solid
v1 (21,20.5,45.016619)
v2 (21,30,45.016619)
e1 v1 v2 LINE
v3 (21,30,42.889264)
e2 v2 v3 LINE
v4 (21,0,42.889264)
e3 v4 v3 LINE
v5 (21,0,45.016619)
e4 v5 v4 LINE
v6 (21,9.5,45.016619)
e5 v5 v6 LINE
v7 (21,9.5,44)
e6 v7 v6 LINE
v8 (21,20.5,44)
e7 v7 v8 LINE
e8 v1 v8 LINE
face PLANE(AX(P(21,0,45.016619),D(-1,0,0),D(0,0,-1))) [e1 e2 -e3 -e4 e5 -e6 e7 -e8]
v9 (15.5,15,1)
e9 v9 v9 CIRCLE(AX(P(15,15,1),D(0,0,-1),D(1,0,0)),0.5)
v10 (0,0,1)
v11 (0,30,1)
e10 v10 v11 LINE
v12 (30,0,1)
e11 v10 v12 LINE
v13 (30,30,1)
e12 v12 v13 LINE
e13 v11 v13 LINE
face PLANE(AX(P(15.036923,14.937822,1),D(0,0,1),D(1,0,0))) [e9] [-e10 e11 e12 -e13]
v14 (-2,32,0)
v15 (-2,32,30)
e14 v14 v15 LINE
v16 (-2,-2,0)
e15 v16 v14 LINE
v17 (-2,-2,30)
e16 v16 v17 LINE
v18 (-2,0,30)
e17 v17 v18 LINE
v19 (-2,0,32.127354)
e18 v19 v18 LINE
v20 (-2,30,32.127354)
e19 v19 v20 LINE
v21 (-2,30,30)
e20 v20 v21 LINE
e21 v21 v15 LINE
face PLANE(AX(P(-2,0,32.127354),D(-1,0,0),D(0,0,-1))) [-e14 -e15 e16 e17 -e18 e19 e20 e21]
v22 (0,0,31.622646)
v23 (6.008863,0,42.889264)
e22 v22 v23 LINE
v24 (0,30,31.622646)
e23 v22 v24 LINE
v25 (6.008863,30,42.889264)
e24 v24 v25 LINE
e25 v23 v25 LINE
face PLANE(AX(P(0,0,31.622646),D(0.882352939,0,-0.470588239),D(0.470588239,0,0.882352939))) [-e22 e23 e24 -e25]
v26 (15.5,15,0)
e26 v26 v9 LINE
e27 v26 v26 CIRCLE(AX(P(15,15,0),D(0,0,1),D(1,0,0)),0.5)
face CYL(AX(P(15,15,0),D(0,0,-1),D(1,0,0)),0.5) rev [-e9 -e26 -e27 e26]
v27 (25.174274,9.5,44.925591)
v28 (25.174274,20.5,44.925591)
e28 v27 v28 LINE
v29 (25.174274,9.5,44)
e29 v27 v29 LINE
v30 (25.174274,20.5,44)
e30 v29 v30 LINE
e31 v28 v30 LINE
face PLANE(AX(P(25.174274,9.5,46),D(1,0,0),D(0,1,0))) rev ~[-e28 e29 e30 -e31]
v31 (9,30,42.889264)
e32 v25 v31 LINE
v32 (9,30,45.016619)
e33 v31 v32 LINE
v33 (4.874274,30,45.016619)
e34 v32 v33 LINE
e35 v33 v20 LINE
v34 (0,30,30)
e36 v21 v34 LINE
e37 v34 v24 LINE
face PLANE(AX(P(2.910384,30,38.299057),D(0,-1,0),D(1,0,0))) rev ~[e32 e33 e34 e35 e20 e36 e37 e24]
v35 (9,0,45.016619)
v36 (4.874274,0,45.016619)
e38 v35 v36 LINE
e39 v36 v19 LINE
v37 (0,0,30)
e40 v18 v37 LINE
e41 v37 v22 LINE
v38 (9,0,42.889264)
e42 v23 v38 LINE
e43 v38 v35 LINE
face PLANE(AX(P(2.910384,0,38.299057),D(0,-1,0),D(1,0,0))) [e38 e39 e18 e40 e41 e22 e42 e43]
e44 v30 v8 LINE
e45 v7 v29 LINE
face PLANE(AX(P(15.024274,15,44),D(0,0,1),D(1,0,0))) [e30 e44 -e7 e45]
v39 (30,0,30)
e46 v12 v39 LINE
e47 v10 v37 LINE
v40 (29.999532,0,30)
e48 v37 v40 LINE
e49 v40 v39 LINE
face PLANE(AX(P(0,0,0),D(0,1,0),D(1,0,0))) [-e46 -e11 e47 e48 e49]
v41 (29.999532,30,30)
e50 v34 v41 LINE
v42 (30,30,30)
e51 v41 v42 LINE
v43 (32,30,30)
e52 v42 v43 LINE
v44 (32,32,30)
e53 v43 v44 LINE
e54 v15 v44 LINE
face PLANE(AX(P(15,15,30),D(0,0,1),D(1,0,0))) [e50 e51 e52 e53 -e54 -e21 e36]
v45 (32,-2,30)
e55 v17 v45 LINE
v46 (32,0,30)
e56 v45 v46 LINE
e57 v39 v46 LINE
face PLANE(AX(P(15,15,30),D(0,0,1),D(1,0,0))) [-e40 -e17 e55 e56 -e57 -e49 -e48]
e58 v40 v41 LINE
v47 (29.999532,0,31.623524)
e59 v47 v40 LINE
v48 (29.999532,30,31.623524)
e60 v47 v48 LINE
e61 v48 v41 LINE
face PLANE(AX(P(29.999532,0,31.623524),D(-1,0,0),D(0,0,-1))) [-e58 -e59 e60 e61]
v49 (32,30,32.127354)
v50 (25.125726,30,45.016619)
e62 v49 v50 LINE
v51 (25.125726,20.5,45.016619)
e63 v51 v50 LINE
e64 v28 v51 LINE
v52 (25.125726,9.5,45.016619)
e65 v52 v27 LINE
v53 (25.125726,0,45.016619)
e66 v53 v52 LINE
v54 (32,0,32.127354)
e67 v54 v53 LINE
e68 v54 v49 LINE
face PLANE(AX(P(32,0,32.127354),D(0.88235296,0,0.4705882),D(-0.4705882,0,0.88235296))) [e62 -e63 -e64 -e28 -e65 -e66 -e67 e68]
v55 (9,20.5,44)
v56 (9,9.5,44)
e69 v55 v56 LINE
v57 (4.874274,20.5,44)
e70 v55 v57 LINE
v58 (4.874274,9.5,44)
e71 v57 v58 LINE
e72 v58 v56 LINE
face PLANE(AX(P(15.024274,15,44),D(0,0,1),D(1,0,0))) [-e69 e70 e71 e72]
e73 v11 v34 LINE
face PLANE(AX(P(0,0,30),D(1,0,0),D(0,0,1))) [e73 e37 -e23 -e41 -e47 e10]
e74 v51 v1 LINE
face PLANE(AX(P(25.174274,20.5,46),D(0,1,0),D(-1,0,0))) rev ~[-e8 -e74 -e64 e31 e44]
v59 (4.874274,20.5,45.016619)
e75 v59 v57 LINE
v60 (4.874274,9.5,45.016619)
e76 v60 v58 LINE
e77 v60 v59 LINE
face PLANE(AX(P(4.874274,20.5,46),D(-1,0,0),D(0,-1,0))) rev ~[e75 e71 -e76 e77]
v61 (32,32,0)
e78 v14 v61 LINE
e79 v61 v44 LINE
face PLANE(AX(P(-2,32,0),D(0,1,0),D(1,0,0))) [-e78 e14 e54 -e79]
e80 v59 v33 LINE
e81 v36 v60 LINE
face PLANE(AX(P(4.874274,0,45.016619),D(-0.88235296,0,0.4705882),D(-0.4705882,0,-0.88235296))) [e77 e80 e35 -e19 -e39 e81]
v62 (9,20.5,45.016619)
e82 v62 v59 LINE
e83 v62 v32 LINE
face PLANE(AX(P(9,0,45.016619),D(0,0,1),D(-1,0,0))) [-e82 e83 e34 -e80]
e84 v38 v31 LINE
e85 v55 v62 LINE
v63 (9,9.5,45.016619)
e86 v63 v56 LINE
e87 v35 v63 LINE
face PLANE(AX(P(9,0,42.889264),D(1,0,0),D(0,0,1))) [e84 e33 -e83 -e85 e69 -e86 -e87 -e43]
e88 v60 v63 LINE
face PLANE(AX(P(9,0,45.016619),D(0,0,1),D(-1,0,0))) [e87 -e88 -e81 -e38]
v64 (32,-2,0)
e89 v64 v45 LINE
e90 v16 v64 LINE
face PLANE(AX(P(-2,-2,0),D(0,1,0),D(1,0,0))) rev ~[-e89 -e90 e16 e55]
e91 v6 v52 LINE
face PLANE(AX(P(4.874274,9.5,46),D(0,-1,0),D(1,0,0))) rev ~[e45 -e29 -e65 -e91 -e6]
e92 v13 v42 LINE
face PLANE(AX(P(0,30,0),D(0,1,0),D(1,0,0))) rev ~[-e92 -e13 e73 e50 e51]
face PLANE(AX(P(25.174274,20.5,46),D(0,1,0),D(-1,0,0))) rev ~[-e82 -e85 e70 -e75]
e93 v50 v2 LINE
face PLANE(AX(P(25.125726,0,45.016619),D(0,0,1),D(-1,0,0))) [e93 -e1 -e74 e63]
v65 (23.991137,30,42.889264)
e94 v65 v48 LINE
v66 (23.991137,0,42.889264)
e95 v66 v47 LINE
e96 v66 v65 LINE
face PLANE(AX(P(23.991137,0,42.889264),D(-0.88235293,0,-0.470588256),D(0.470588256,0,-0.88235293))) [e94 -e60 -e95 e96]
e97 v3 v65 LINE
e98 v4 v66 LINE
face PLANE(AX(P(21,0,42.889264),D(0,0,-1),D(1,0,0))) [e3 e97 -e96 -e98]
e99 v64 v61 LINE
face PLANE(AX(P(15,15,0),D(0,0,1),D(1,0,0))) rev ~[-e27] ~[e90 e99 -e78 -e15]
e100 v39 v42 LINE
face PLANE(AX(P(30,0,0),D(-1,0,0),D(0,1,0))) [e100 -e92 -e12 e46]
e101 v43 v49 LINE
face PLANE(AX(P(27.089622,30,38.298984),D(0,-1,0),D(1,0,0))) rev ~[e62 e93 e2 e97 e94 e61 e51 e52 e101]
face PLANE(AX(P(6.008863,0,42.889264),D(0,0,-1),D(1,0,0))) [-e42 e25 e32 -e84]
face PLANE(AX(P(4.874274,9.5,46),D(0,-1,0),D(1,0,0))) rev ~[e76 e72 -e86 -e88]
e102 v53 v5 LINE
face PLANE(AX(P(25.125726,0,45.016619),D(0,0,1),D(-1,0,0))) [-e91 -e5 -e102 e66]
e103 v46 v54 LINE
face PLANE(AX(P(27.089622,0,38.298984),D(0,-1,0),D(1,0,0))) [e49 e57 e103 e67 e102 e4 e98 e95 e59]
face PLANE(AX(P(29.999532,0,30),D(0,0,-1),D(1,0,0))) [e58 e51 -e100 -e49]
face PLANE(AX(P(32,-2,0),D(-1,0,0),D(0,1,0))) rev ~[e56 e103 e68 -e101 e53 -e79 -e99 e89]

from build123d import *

# Parameters (mm, degrees)
F0_W      = 34
F0_H      = 34
F0_W_2    = 30
F0_H_2    = 30
F1_DEPTH  = 30
F2_W      = 32.414368
F2_H      = 32.092232
F3_DEPTH  = 1
F4_R      = 0.5
F5_DEPTH  = 2
F7_DEPTH  = 30
F10_DEPTH = 2


with BuildPart() as f1:
    # F0 (on Top) → F1 (new body)
    with BuildSketch(Plane.XY):
        with Locations((15, 15)):
            Rectangle(F0_W, F0_H)
        with Locations((15, 15)):
            Rectangle(F0_W_2, F0_H_2, mode=Mode.SUBTRACT)
    extrude(amount=F1_DEPTH)

    # F2 (on Top) → F3 (join)
    with BuildSketch(Plane.XY):
        with Locations((15.036923, 14.937822)):
            Rectangle(F2_W, F2_H)
    extrude(amount=F3_DEPTH)

    # F4 (on Top) → F5 (cut)
    with BuildSketch(Plane.XY):
        with Locations((15, 15)):
            Circle(F4_R)
    extrude(amount=F5_DEPTH, mode=Mode.SUBTRACT)

    # F6 (on Front) → F7 (join)
    with BuildSketch(Plane.XZ):
        Polygon((-2, 32.127354), (-2, 30), (-0.865411, 30), (0, 30), (0, 31.622646), (6.008863, 42.889264), (7.5, 42.889264), (9, 42.889264), (9, 45.016619), (7.5, 45.016619), (6.008863, 45.016619), (4.874274, 45.016619), align=None)
        Polygon((32, 32.127354), (25.125726, 45.016619), (23.991137, 45.016619), (22.5, 45.016619), (21, 45.016619), (21, 42.889264), (22.5, 42.889264), (23.991137, 42.889264), (29.999532, 31.623524), (29.999532, 30), (30.865411, 30), (32, 30), align=None)
    extrude(amount=-F7_DEPTH)

    # F9 (on offset) → F10 (cut)
    with BuildSketch(Plane.XY.offset(46)):
        Polygon((25.174274, 20.5), (4.874274, 20.5), (4.874274, 15), (4.874274, 9.5), (25.174274, 9.5), align=None)
    extrude(amount=-F10_DEPTH, mode=Mode.SUBTRACT)


solid = f1.part
